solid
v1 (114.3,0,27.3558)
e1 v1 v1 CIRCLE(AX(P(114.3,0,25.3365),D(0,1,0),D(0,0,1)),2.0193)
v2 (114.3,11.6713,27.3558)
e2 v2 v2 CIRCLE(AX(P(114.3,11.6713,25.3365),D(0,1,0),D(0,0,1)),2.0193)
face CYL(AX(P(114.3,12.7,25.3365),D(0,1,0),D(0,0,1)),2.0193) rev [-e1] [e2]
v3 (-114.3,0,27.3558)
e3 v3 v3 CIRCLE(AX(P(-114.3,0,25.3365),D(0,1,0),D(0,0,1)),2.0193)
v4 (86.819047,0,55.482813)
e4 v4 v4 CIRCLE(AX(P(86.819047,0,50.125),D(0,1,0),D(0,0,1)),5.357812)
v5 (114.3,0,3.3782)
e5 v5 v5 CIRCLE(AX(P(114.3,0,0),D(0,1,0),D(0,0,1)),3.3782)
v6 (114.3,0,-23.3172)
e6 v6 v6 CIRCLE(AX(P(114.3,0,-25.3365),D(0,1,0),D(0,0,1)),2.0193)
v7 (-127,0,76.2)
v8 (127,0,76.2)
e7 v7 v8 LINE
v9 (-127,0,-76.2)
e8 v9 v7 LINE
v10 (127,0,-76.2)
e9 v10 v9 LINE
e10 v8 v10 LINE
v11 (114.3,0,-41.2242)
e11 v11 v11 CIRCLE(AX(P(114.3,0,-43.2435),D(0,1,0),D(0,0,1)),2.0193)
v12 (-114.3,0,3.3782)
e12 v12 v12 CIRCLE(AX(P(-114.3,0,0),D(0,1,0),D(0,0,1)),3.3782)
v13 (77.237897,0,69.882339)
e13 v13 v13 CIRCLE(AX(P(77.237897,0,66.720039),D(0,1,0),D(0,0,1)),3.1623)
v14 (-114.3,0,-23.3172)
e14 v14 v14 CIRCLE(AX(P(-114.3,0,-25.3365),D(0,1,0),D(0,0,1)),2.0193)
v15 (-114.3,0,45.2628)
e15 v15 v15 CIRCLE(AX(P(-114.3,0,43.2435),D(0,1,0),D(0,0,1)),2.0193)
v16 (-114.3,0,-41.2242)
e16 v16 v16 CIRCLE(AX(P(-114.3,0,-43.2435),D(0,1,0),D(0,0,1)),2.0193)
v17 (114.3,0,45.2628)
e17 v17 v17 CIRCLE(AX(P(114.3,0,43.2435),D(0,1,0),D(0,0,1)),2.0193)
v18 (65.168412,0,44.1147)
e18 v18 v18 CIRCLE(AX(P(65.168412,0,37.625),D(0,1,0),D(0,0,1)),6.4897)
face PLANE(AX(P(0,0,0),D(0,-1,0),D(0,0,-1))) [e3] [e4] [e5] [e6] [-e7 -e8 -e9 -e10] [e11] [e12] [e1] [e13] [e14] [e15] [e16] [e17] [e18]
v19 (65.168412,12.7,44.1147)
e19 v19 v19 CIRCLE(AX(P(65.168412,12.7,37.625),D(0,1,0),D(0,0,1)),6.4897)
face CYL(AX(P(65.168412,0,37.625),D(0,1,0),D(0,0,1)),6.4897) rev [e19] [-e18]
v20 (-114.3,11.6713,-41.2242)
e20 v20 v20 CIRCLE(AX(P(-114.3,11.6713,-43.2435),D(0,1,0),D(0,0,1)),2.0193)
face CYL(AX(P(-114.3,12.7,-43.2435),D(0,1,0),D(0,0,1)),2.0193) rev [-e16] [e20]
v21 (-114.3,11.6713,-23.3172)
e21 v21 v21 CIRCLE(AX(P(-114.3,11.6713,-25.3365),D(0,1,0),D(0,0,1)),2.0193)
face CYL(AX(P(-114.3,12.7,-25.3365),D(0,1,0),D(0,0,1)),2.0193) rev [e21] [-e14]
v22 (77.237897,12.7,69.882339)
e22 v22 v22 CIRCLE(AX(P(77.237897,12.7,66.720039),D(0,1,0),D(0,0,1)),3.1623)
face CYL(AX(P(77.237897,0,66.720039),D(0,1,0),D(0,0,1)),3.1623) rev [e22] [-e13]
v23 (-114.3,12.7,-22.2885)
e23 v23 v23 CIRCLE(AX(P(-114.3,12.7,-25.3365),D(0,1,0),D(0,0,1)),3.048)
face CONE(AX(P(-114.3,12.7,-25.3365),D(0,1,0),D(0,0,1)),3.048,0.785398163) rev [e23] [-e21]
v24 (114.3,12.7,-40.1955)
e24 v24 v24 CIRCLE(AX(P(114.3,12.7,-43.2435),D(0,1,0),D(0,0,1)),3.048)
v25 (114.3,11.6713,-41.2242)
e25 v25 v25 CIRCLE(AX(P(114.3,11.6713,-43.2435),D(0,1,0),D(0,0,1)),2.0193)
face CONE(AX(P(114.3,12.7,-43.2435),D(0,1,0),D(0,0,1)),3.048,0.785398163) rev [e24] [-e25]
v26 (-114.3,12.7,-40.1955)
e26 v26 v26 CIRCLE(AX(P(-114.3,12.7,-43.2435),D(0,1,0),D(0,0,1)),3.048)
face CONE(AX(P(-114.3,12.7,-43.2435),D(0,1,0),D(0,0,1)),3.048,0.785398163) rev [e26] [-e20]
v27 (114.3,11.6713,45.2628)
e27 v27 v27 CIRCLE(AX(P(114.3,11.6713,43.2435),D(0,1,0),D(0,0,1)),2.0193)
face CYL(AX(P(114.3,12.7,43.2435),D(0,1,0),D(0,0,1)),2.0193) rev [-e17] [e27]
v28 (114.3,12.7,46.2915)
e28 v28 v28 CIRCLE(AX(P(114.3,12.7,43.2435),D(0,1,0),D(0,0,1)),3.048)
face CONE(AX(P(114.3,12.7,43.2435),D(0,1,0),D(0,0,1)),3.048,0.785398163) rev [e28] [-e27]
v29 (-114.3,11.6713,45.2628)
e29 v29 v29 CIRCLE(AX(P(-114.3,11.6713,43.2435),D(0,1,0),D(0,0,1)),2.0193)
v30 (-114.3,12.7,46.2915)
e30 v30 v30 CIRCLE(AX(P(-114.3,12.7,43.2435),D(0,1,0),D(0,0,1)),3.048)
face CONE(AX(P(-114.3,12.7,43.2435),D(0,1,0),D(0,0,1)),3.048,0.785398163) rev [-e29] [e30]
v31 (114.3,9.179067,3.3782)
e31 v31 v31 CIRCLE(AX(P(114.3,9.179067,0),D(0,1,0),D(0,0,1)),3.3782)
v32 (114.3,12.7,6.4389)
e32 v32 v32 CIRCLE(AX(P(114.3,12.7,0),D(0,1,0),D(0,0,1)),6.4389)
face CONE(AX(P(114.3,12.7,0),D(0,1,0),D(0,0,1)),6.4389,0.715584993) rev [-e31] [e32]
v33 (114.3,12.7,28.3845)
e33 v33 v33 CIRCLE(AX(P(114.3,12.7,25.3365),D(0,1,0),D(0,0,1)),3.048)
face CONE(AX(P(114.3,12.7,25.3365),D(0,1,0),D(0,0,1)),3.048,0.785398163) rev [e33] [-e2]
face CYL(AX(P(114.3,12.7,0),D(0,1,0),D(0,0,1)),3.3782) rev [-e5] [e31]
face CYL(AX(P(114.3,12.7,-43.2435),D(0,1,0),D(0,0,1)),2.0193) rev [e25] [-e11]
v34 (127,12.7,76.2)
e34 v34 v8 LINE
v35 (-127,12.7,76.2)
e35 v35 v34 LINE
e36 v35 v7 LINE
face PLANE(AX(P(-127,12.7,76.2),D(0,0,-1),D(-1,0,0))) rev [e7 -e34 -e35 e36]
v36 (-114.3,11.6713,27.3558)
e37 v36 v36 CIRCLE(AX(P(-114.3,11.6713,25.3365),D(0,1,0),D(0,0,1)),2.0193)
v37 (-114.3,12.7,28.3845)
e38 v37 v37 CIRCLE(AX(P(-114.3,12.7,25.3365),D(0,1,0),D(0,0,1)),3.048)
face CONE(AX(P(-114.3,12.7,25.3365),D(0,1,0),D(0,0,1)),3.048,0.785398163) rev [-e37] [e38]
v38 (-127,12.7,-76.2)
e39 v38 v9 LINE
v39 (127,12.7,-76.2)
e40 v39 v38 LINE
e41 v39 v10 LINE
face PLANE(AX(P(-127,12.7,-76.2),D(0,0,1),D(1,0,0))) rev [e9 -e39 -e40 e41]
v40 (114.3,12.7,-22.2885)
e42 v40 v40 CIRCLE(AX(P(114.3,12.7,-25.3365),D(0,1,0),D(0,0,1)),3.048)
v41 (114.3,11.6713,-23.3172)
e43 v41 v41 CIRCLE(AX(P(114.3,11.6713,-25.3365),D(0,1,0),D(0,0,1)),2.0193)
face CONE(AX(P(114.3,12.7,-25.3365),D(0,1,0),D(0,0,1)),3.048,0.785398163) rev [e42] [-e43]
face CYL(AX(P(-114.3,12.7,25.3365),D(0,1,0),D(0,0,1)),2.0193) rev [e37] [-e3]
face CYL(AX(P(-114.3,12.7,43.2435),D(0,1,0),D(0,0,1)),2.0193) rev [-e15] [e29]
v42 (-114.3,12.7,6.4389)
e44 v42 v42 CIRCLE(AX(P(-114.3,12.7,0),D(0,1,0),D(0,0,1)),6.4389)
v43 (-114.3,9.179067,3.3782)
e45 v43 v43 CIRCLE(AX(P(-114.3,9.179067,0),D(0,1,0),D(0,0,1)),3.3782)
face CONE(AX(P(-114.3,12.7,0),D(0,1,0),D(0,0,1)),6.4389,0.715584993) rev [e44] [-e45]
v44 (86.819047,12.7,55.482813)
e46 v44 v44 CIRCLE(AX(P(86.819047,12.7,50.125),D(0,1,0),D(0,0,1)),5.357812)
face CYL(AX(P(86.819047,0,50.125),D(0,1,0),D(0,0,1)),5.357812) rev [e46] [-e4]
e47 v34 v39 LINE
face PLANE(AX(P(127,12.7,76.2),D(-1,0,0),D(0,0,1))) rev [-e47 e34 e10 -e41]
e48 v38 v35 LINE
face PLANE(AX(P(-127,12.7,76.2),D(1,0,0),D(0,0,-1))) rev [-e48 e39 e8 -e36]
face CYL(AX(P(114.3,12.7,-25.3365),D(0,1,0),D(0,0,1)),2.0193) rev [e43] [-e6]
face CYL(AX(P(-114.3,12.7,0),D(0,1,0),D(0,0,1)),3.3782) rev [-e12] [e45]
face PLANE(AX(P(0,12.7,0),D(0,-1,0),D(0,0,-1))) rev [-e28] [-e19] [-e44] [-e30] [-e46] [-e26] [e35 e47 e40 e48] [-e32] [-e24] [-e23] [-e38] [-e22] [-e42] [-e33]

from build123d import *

# Parameters (mm, degrees)
SKETCH1_W                                        = 254
SKETCH1_H                                        = 152.4
BOSS_EXTRUDE1_DEPTH                              = 12.7
SKETCH2_W                                        = 203.2
SKETCH2_H                                        = 63.5
CUT_EXTRUDE1_DEPTH                               = 149.649688866
SKETCH11_W                                       = 203.2
SKETCH11_H                                       = 63.5
BOSS_EXTRUDE2_DEPTH                              = 12.7
SKETCH13_R                                       = 5.3578125
SKETCH13_R_2                                     = 6.4897
CUT_EXTRUDE8_DEPTH                               = 149.649688866
SKETCH14_R                                       = 3.1623
CUT_EXTRUDE9_DEPTH                               = 149.649688866
F_10_32_TAPPED_HOLE2_D                           = 4.0386
F_10_32_TAPPED_HOLE2_CSINK_D                     = 6.096
F_10_32_TAPPED_HOLE2_CSINK_ANGLE                 = 90
MIRROR2_COPY_1_D                                 = 4.0386
MIRROR2_COPY_1_CSINK_D                           = 6.096
MIRROR2_COPY_1_CSINK_ANGLE                       = 90
CSK_FOR_1_4_FLAT_HEAD_MACHINE_SCREW1_D           = 6.7564
CSK_FOR_1_4_FLAT_HEAD_MACHINE_SCREW1_CSINK_D     = 12.8778
CSK_FOR_1_4_FLAT_HEAD_MACHINE_SCREW1_CSINK_ANGLE = 82


with BuildPart() as part:
    # Sketch1 → Boss-Extrude1 (new body)
    with BuildSketch(Plane(origin=(0, 0, 0), x_dir=(1, 0, 0), z_dir=(0, 1, 0))):
        Rectangle(SKETCH1_W, SKETCH1_H)
    extrude(amount=BOSS_EXTRUDE1_DEPTH)

    # Sketch2 → Cut-Extrude1 (cut, through all)
    with BuildSketch(Plane(origin=(0, 12.7, 0), x_dir=(1, 0, 0), z_dir=(0, 1, 0))):
        with Locations((0, -44.45)):
            Rectangle(SKETCH2_W, SKETCH2_H)
        with Locations((0, 44.45)):
            Rectangle(SKETCH2_W, SKETCH2_H)
    extrude(amount=-CUT_EXTRUDE1_DEPTH, mode=Mode.SUBTRACT)

    # Sketch11 → Boss-Extrude2 (add)
    with BuildSketch(Plane(origin=(0, 12.7, 0), x_dir=(1, 0, 0), z_dir=(0, 1, 0))):
        with Locations((0, 44.45)):
            Rectangle(SKETCH11_W, SKETCH11_H)
        with Locations((0, -44.45)):
            Rectangle(SKETCH11_W, SKETCH11_H)
    extrude(amount=-BOSS_EXTRUDE2_DEPTH)

    # Sketch13 → Cut-Extrude8 (cut, through all)
    with BuildSketch(Plane(origin=(0, 12.7, 0), x_dir=(1, 0, 0), z_dir=(0, 1, 0))):
        with Locations(Location((86.819046868, -50.12500008, 0), (0, 0, 270))):
            Circle(SKETCH13_R)
        with Locations(Location((65.16841174, -37.625000061, 0), (0, 0, 270))):
            Circle(SKETCH13_R_2)
    extrude(amount=-CUT_EXTRUDE8_DEPTH, mode=Mode.SUBTRACT)

    # Sketch14 → Cut-Extrude9 (cut, through all)
    with BuildSketch(Plane(origin=(0, 12.7, 0), x_dir=(1, 0, 0), z_dir=(0, 1, 0))):
        with Locations(Location((77.237896866, -66.720038678, 0), (0, 0, 270))):
            Circle(SKETCH14_R)
    extrude(amount=-CUT_EXTRUDE9_DEPTH, mode=Mode.SUBTRACT)

    # #10-32 Tapped Hole2 (through all)
    with Locations(Plane(origin=(0, 12.7, 0), x_dir=(1, 0, 0), z_dir=(0, 1, 0))):
        with Locations((-114.3, -25.3365), (-114.3, -43.2435)):
            f_10_32_tapped_hole2 = CounterSinkHole(F_10_32_TAPPED_HOLE2_D / 2, F_10_32_TAPPED_HOLE2_CSINK_D / 2, counter_sink_angle=F_10_32_TAPPED_HOLE2_CSINK_ANGLE)

    # Mirror1: #10-32 Tapped Hole2 across plane
    add(f_10_32_tapped_hole2.mirror(Plane.XY), mode=Mode.SUBTRACT)

    # Mirror2: #10-32 Tapped Hole2 across plane
    add(f_10_32_tapped_hole2.mirror(Plane(origin=(0, 0, 0), x_dir=(0, 0, 1), z_dir=(1, 0, 0))), mode=Mode.SUBTRACT)

    # Mirror2 copy 1 (through all)
    with Locations(Plane(origin=(0, 12.7, 0), x_dir=(-1, 0, 0), z_dir=(0, 1, 0))):
        with Locations((-114.3, -25.3365), (-114.3, -43.2435)):
            CounterSinkHole(MIRROR2_COPY_1_D / 2, MIRROR2_COPY_1_CSINK_D / 2, counter_sink_angle=MIRROR2_COPY_1_CSINK_ANGLE)

    # CSK for 1/4 Flat Head Machine Screw1 (through all)
    with Locations(Plane(origin=(0, 12.7, 0), x_dir=(1, 0, 0), z_dir=(0, 1, 0))):
        with Locations((-114.3, 0)):
            csk_for_1_4_flat_head_machine_screw1 = CounterSinkHole(CSK_FOR_1_4_FLAT_HEAD_MACHINE_SCREW1_D / 2, CSK_FOR_1_4_FLAT_HEAD_MACHINE_SCREW1_CSINK_D / 2, counter_sink_angle=CSK_FOR_1_4_FLAT_HEAD_MACHINE_SCREW1_CSINK_ANGLE)

    # Mirror3: CSK for 1/4 Flat Head Machine Screw1 across plane
    add(csk_for_1_4_flat_head_machine_screw1.mirror(Plane(origin=(0, 0, 0), x_dir=(0, 0, 1), z_dir=(1, 0, 0))), mode=Mode.SUBTRACT)


solid = part.part
